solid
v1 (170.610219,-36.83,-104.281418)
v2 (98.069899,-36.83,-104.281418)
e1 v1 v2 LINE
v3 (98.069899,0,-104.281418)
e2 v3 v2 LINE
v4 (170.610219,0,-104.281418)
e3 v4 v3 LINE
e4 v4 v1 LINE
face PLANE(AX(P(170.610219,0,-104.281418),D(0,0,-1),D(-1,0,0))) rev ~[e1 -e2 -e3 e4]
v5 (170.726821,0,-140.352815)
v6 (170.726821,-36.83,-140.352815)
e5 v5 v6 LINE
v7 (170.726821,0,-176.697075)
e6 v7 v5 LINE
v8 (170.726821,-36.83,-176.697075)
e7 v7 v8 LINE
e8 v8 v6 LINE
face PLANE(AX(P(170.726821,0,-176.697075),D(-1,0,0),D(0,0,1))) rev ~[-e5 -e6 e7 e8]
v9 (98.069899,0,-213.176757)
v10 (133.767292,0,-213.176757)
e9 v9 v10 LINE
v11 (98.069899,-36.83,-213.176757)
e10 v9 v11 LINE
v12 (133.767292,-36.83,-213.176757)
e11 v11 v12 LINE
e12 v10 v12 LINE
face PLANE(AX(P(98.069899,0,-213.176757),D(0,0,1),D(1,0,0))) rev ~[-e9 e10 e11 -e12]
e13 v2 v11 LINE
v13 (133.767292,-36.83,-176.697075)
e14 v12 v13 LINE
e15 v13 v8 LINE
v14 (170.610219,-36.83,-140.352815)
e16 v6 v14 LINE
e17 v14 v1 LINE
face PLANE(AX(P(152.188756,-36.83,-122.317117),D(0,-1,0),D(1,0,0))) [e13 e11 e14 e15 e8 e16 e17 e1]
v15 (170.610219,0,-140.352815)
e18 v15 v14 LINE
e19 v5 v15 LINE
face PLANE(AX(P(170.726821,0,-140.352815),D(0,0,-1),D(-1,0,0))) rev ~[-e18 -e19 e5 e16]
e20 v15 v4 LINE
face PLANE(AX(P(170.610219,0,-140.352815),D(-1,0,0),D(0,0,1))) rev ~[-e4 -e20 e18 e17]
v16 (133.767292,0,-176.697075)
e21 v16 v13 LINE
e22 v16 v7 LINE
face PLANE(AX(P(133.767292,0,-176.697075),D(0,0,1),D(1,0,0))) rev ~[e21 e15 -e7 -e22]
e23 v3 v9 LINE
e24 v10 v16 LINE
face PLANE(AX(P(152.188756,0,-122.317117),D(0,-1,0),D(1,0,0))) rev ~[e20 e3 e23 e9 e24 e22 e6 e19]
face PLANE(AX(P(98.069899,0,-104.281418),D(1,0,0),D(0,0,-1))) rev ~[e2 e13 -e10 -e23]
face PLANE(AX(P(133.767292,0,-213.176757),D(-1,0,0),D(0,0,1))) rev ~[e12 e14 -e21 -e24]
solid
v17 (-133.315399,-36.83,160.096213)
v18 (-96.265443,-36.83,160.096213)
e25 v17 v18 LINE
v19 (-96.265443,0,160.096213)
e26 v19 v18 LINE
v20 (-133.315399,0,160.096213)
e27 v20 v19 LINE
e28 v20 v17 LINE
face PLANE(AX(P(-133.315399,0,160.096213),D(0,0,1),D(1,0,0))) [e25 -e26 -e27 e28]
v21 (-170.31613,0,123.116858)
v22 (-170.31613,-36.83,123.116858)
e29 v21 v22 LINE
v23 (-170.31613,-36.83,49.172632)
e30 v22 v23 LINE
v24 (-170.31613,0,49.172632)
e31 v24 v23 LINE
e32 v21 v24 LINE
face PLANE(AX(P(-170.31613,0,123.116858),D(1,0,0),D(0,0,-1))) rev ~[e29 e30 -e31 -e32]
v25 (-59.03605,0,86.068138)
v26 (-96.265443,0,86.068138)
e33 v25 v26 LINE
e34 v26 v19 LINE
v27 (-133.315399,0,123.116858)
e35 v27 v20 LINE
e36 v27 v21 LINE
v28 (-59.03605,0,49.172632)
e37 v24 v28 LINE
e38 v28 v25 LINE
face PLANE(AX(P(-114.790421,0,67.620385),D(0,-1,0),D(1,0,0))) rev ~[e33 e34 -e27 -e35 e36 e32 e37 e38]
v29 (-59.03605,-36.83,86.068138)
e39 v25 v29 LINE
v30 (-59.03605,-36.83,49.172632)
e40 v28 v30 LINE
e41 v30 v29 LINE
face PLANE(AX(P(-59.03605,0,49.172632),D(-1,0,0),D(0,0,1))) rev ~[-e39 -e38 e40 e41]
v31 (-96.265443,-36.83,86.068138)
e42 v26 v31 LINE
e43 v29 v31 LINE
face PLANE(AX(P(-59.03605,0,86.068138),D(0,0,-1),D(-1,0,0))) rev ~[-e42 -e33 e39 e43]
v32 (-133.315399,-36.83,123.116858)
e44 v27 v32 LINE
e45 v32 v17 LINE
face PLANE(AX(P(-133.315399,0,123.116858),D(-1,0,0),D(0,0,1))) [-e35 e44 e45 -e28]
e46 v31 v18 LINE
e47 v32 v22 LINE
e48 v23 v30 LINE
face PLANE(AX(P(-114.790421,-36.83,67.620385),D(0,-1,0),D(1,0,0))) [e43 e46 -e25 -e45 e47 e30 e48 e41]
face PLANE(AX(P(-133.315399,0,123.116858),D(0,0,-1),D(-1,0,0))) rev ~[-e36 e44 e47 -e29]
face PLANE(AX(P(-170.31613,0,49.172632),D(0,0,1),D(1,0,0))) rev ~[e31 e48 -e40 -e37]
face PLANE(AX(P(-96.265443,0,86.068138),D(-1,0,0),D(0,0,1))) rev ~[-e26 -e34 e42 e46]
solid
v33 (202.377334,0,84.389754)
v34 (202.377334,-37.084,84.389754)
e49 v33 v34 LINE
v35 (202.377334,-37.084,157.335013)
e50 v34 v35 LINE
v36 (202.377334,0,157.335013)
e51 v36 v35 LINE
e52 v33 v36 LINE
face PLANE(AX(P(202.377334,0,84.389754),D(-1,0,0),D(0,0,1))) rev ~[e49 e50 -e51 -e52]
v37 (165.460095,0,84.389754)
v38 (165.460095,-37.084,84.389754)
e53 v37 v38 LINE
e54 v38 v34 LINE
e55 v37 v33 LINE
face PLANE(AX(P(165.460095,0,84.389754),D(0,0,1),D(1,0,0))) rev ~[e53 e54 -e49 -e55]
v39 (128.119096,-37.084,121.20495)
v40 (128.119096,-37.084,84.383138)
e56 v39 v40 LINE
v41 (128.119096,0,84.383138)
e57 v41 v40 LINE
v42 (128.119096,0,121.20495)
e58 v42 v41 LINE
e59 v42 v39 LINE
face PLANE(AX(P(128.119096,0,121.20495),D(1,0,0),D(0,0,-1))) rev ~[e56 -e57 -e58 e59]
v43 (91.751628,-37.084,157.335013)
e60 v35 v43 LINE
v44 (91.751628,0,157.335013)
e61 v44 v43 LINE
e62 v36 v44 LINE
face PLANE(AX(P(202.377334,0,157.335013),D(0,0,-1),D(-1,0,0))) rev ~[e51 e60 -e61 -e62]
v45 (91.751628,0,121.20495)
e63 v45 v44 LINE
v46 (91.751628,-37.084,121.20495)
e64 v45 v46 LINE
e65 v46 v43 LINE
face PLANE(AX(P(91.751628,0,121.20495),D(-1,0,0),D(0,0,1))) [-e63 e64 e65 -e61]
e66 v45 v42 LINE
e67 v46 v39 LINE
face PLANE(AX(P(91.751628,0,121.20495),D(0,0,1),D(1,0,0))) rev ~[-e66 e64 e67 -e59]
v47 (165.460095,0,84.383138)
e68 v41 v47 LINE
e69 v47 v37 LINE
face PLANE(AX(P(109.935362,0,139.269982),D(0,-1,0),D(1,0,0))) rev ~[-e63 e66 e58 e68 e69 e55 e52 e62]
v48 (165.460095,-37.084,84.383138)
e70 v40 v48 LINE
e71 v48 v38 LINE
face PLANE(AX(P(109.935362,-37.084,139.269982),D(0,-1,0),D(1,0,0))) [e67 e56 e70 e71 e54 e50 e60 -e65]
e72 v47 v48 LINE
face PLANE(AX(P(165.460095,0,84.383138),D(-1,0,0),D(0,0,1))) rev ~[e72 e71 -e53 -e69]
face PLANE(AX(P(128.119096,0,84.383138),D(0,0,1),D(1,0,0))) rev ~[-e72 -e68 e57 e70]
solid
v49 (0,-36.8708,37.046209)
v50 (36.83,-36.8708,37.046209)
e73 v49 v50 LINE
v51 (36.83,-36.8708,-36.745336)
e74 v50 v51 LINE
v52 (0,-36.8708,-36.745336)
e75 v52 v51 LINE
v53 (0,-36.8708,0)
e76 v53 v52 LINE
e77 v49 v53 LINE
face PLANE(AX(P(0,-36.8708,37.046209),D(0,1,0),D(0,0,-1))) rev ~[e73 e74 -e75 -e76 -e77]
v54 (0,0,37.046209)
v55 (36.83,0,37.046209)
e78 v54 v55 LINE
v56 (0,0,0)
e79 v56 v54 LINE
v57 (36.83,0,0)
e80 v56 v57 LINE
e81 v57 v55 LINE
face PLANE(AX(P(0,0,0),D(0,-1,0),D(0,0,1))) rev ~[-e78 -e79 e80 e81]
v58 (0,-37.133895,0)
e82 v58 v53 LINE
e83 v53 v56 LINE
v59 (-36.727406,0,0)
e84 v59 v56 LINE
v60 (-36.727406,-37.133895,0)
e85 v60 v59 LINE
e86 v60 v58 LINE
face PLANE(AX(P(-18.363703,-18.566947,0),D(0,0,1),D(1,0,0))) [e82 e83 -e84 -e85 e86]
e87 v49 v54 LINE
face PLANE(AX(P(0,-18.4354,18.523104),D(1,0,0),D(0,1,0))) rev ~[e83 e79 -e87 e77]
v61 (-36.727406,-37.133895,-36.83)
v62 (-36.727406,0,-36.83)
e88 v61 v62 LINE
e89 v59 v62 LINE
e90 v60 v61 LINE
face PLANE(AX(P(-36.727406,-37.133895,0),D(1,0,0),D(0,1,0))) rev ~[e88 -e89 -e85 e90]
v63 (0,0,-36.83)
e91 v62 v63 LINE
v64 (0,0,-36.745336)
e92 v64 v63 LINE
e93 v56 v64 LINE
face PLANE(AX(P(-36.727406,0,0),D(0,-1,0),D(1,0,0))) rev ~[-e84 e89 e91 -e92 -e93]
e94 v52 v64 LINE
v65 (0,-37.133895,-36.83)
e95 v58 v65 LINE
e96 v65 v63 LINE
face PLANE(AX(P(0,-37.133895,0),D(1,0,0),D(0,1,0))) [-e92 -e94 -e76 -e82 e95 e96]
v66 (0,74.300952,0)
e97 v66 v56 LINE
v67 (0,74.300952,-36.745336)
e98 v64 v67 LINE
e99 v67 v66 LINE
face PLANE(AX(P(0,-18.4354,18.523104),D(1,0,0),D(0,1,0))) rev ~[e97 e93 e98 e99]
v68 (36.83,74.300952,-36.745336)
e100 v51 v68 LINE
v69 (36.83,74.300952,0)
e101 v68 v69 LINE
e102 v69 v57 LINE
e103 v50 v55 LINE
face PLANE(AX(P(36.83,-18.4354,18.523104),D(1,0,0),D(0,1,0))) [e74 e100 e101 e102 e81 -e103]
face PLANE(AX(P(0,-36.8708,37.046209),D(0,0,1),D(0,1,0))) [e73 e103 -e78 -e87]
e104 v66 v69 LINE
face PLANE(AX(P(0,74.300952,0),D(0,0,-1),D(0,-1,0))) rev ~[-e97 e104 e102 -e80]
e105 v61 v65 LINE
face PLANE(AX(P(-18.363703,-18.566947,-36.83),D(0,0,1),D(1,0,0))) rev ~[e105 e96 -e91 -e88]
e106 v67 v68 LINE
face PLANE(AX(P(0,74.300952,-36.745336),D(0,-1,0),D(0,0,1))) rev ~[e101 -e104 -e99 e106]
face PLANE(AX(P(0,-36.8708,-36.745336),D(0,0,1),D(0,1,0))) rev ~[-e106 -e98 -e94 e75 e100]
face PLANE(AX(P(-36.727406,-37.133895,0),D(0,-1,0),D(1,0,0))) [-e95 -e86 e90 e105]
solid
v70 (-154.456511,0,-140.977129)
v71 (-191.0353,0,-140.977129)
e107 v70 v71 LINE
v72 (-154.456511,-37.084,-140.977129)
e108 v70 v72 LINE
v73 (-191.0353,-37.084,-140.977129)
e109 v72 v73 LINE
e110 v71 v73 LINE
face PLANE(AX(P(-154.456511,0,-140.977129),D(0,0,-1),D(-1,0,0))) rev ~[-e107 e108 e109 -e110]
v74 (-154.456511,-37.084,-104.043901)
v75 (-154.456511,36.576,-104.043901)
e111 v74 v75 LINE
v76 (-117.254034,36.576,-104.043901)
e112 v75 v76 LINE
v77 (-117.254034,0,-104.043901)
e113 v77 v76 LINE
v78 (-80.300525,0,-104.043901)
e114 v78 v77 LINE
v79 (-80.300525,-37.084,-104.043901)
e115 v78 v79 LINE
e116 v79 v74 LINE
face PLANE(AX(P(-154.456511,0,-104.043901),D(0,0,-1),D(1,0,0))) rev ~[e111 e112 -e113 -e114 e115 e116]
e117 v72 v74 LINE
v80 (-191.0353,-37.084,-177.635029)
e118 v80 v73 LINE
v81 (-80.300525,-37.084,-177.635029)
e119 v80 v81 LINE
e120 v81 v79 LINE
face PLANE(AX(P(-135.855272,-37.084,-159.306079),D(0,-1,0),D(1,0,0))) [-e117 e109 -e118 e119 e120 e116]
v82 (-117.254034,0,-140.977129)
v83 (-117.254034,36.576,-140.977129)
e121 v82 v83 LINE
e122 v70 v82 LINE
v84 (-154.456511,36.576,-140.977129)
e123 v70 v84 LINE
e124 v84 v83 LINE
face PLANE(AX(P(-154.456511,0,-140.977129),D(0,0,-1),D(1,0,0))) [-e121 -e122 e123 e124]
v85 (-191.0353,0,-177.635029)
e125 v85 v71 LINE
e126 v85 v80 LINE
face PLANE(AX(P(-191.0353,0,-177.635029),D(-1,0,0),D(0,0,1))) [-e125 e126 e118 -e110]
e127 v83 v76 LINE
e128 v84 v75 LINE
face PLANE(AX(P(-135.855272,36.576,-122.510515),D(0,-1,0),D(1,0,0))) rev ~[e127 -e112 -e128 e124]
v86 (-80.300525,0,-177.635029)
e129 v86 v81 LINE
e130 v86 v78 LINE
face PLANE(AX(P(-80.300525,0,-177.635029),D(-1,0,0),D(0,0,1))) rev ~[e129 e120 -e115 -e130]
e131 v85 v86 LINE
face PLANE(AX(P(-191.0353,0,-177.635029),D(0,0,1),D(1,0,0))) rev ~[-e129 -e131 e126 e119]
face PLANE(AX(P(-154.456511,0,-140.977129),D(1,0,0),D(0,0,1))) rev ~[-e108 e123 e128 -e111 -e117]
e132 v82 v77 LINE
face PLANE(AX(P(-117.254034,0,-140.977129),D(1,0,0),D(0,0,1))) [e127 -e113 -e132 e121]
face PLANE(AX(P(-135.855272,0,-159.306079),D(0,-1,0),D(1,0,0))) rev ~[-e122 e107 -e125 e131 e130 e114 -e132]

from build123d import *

# Parameters (mm, degrees)
F0_W      = 36.8707999587
F0_H      = 37.0462089777
F0_H_2    = 36.7453359067
F0_W_2    = 37.4526120722
F0_W_3    = 36.8483401835
F1_DEPTH  = 36.83
F2_W      = 36.7274060845
F2_H      = 37.1338948607
F3_DEPTH  = 36.83
F4_W      = 36.3674685359
F4_H      = 36.1300632358
F4_W_2    = 37.3409986496
F4_W_3    = 36.9172394276
F4_H_2    = 0.1472309232
F4_H_3    = 36.6679653525
F5_DEPTH  = 37.084
F6_W      = 36.8429273367
F6_H      = 36.0713973641
F6_W_2    = 35.6973931193
F6_H_2    = 36.3366901875
F6_H_3    = 36.4796817303
F7_DEPTH  = 36.83
F8_W      = 37.0499566197
F8_H      = 36.895506084
F8_W_2    = 37.0007306337
F8_W_3    = 37.2293926775
F8_H_2    = 37.0487198234
F8_H_3    = 36.979354918
F9_DEPTH  = 36.83
F10_W     = 37.2024774551
F10_H     = 36.6578996181
F10_W_2   = 36.5787893534
F10_W_3   = 36.9535088539
F10_H_2   = 36.9332283735
F11_DEPTH = 37.084
F12_DEPTH = 36.576


with BuildPart() as f1:
    # F0 (on Right) → F1 (new body)
    with BuildSketch(Plane.YZ):
        with Locations((-18.4353999794, 18.5231044888)):
            Rectangle(F0_W, F0_H)
        with Locations((-18.4353999794, -18.3726679534)):
            Rectangle(F0_W, F0_H_2)
        with Locations((18.7263060361, -18.3726679534)):
            Rectangle(F0_W_2, F0_H_2)
        with Locations((55.876782164, -18.3726679534)):
            Rectangle(F0_W_3, F0_H_2)
    extrude(amount=F1_DEPTH)

    # F2 (on Top) → F3 (join)
    with BuildSketch(Plane.XY):
        with Locations((-18.3637030423, -18.5669474304)):
            Rectangle(F2_W, F2_H)
    extrude(amount=-F3_DEPTH)


with BuildPart() as f5:
    # F4 (on Front) → F5 (new body)
    with BuildSketch(Plane.XZ):
        with Locations((109.935361892, 139.2699815333)):
            Rectangle(F4_W, F4_H)
        with Locations((146.7895954847, 139.2699815333)):
            Rectangle(F4_W_2, F4_H)
        Polygon((165.4600948095, 121.2049499154), (128.1190961599, 121.2049499154), (128.1190961599, 84.3831375241), (165.4600948095, 84.3831375241), (165.4600948095, 84.3897536397), (165.4600948095, 121.0577189922), align=None)
        with Locations((183.9187145233, 139.2699815333)):
            Rectangle(F4_W_3, F4_H)
        with Locations((183.9187145233, 121.1313344538)):
            Rectangle(F4_W_3, F4_H_2)
        with Locations((183.9187145233, 102.723736316)):
            Rectangle(F4_W_3, F4_H_3)
    extrude(amount=F5_DEPTH)


with BuildPart() as f7:
    # F6 (on Front) → F7 (new body)
    with BuildSketch(Plane.XZ):
        with Locations((152.1887555718, -122.3171167076)):
            Rectangle(F6_W, F6_H)
        Polygon((133.7672919035, -140.3528153896), (133.7672919035, -104.2814180255), (98.0698987842, -104.2814180255), (98.0698987842, -140.3603851795), (133.7672919035, -140.3603851795), align=None)
        Polygon((170.7268208265, -140.3528153896), (170.6102192402, -140.3528153896), (133.7672919035, -140.3528153896), (133.7672919035, -140.3603851795), (133.7672919035, -176.697075367), (170.7268208265, -176.697075367), align=None)
        with Locations((115.9185953438, -158.5287302732)):
            Rectangle(F6_W_2, F6_H_2)
        with Locations((115.9185953438, -194.9369162321)):
            Rectangle(F6_W_2, F6_H_3)
    extrude(amount=F7_DEPTH)


with BuildPart() as f9:
    # F8 (on Front) → F9 (new body)
    with BuildSketch(Plane.XZ):
        with Locations((-114.7904209793, 67.6203854382)):
            Rectangle(F8_W, F8_H)
        with Locations((-151.815764606, 67.6203854382)):
            Rectangle(F8_W_2, F8_H)
        with Locations((-77.6507463306, 67.6203854382)):
            Rectangle(F8_W_3, F8_H)
        with Locations((-114.7904209793, 104.5924983919)):
            Rectangle(F8_W, F8_H_2)
        with Locations((-151.815764606, 104.5924983919)):
            Rectangle(F8_W_2, F8_H_2)
        with Locations((-114.7904209793, 141.6065357625)):
            Rectangle(F8_W, F8_H_3)
    extrude(amount=F9_DEPTH)


with BuildPart() as f11:
    # F10 (on Front) → F11 (new body)
    with BuildSketch(Plane.XZ):
        with Locations((-135.8552724123, -159.3060791492)):
            Rectangle(F10_W, F10_H)
        with Locations((-172.7459058166, -159.3060791492)):
            Rectangle(F10_W_2, F10_H)
        with Locations((-98.7772792578, -159.3060791492)):
            Rectangle(F10_W_3, F10_H)
        with Locations((-135.8552724123, -122.5105151534)):
            Rectangle(F10_W, F10_H_2)
        with Locations((-98.7772792578, -122.5105151534)):
            Rectangle(F10_W_3, F10_H_2)
    extrude(amount=F11_DEPTH)

    # F10 (on Front) → F12 (join)
    with BuildSketch(Plane.XZ):
        with Locations((-135.8552724123, -122.5105151534)):
            Rectangle(F10_W, F10_H_2)
    extrude(amount=-F12_DEPTH)


solid = Compound([f1.part, f5.part, f7.part, f9.part, f11.part])
